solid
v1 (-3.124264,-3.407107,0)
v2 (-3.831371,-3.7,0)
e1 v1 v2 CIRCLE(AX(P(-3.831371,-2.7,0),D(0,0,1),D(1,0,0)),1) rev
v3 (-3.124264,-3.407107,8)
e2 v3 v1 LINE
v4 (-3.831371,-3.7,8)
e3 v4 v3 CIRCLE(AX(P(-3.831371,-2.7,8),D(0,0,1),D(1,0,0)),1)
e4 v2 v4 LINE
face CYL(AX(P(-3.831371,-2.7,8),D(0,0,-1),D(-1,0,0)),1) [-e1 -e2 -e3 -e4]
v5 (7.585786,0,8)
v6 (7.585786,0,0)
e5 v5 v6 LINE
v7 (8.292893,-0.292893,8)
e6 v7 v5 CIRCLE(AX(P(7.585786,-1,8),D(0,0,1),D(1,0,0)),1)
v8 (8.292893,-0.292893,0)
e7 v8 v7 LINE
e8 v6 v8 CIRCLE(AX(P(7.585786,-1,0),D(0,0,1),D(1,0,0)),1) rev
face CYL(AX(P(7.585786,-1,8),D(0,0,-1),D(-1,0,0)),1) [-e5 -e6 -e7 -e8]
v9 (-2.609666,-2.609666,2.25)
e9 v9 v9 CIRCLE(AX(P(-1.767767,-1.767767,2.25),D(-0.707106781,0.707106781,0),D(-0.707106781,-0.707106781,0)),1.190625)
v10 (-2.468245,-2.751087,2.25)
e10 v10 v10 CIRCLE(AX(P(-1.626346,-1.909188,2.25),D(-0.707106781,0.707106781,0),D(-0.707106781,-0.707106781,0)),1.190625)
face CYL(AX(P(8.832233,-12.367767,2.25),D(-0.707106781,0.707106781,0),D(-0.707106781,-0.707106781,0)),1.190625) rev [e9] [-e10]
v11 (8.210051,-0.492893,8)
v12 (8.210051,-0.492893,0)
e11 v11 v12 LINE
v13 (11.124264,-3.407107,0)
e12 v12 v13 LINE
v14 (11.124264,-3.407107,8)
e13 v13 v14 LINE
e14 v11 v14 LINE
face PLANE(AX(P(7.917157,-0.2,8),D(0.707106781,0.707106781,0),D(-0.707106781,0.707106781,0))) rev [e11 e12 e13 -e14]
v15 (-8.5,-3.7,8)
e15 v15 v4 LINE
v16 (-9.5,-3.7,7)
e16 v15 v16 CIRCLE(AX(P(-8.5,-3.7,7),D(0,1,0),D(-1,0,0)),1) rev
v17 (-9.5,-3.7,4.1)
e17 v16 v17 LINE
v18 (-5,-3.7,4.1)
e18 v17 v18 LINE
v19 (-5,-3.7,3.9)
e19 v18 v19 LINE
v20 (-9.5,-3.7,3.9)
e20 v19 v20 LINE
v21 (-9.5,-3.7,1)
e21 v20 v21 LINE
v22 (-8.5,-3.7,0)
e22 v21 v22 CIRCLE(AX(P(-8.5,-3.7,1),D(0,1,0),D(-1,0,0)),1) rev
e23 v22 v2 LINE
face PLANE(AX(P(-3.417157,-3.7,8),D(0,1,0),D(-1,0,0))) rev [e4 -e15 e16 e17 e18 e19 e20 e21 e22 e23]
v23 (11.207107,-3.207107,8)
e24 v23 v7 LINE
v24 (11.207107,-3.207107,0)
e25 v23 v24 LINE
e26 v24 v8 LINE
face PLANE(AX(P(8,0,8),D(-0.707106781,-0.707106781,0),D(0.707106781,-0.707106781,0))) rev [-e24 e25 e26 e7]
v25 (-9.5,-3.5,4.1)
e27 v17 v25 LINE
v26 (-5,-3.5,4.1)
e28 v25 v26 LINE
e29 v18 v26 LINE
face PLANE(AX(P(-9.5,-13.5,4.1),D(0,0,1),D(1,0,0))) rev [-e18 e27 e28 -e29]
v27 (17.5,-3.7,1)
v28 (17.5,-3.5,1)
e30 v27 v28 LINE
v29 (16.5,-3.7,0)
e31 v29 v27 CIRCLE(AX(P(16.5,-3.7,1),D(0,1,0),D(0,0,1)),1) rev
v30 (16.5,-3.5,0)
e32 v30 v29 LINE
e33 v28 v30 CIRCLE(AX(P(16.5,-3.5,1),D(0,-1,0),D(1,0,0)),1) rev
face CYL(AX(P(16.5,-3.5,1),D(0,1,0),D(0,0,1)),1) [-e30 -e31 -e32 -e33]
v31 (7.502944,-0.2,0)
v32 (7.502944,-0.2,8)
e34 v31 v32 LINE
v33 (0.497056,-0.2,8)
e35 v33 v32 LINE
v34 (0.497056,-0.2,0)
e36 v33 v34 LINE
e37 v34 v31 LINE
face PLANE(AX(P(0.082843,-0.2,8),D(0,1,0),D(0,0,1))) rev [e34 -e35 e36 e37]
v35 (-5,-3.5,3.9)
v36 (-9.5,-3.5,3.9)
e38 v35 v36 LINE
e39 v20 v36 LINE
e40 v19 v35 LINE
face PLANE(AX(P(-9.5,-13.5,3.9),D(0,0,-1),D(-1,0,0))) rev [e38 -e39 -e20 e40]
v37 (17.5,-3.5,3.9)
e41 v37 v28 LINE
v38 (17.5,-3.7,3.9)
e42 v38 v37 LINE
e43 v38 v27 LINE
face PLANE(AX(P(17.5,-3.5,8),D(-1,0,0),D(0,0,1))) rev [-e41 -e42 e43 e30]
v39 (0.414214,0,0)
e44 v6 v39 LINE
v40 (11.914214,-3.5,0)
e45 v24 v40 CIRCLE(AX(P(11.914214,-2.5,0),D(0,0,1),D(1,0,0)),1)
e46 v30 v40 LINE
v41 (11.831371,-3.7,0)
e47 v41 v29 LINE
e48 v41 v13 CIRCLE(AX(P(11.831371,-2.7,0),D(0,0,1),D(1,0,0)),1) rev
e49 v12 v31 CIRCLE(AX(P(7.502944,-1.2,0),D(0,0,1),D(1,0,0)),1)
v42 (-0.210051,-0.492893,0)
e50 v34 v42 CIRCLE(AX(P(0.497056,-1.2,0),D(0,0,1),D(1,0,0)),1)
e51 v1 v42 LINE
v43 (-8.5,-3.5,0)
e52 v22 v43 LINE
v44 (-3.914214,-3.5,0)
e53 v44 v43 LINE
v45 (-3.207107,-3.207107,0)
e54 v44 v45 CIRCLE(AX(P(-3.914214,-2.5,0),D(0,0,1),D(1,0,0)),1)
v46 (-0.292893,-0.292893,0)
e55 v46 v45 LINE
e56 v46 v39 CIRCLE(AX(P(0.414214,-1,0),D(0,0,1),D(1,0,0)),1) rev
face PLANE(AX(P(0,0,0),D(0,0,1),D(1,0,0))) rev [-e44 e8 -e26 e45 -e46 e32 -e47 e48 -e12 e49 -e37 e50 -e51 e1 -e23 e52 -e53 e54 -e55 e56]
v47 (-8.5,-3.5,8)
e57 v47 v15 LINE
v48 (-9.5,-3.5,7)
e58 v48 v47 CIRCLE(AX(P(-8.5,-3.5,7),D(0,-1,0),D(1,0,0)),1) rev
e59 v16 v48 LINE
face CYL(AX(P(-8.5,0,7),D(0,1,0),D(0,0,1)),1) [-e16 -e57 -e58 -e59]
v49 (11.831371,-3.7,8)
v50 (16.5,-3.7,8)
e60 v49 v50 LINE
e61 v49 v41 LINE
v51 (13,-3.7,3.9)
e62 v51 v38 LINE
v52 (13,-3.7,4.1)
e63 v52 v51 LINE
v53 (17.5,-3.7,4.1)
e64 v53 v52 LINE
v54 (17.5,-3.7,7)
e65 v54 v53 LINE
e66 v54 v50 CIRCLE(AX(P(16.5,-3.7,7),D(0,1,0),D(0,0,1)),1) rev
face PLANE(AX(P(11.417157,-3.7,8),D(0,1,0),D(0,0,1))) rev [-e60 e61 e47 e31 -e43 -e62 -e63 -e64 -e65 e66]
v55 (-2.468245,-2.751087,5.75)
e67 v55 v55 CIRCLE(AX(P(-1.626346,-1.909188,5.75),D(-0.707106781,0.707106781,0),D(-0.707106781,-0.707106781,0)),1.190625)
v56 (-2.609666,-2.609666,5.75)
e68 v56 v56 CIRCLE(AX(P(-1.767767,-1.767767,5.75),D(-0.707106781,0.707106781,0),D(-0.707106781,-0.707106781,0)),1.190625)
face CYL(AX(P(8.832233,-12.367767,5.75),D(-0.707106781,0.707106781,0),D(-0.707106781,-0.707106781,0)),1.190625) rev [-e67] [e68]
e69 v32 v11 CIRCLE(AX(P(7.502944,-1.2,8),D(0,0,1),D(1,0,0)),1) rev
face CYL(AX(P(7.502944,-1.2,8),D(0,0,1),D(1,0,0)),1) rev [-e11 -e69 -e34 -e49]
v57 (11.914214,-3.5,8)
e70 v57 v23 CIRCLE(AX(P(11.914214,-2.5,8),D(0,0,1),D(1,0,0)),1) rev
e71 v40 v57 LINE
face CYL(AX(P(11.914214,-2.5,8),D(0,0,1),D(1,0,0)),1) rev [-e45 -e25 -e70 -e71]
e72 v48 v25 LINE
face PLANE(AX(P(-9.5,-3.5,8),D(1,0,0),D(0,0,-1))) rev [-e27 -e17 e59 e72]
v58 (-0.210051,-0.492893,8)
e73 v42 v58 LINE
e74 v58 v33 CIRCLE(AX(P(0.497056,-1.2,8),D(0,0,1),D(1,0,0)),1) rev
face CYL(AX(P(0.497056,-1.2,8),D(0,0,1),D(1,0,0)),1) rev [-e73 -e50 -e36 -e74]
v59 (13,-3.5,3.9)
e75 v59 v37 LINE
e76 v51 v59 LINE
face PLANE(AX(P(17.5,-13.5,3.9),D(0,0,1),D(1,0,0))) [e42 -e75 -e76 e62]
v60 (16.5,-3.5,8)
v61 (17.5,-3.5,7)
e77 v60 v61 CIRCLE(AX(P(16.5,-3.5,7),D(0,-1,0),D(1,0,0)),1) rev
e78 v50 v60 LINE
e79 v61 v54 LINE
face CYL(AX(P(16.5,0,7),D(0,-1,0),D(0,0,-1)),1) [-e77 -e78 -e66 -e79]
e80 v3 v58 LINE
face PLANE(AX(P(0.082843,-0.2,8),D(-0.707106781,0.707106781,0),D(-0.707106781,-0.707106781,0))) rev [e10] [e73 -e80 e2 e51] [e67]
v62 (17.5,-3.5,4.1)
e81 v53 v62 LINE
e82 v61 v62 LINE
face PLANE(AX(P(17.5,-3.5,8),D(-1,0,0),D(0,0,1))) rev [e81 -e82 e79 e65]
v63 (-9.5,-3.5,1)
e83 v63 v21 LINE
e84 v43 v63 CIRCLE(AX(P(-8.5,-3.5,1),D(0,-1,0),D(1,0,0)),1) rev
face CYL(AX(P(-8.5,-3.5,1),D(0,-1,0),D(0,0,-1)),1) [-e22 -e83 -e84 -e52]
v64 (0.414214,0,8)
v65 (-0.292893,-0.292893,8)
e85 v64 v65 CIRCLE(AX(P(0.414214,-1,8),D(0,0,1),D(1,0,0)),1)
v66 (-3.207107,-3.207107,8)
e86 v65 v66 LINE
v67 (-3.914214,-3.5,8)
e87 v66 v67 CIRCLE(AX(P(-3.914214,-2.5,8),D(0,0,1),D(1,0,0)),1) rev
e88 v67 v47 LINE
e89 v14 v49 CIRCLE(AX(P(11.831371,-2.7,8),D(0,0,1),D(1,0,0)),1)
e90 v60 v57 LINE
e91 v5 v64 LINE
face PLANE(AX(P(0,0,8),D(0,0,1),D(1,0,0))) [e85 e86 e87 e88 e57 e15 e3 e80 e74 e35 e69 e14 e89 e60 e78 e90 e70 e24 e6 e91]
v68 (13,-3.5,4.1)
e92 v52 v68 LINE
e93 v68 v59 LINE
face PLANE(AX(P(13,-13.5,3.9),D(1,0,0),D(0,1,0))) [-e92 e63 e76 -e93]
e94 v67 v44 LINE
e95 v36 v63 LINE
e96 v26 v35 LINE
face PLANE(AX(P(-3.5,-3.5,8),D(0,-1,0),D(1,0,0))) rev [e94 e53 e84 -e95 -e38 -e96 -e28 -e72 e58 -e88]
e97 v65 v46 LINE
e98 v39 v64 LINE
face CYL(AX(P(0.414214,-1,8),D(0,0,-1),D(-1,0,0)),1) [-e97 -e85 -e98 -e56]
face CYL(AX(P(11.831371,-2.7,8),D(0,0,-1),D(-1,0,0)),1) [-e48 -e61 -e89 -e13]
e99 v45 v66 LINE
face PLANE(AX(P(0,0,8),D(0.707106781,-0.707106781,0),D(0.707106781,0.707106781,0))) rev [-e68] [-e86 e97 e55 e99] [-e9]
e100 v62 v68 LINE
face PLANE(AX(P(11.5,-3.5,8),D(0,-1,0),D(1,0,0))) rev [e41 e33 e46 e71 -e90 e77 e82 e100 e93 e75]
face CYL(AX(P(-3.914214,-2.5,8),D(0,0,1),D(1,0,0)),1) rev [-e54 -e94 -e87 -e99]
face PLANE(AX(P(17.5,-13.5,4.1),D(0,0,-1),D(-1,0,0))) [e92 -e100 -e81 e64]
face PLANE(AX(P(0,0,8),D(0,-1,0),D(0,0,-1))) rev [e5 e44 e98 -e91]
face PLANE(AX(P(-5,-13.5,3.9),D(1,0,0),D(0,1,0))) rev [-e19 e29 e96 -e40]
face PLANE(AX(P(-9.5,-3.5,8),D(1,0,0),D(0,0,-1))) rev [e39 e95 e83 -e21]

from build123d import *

# Parameters (mm, degrees)
BOSS_EXTRUDE1_DEPTH = 8
SKETCH2_R           = 1.190625
CUT_EXTRUDE1_DEPTH  = 15.990663761
FILLET1_R           = 1
FILLET2_R           = 1
SKETCH3_W           = 4.5
SKETCH3_H           = 0.2
CUT_EXTRUDE2_DEPTH  = 10


with BuildPart() as part:
    # Sketch1 → Boss-Extrude1 (new body)
    with BuildSketch(Plane.XY):
        Polygon((0, 0), (8, 0), (11.5, -3.5), (17.5, -3.5), (17.5, -3.7), (11.417157288, -3.7), (7.917157288, -0.2), (0.082842712, -0.2), (-3.417157288, -3.7), (-9.5, -3.7), (-9.5, -3.5), (-3.5, -3.5), align=None)
    extrude(amount=BOSS_EXTRUDE1_DEPTH)

    # Sketch2 → Cut-Extrude1 (cut, through all)
    with BuildSketch(Plane(origin=(0, 0, 0), x_dir=(0, 0, 1), z_dir=(-0.707106781, 0.707106781, 0))):
        with Locations((2.25, -2.5)):
            Circle(SKETCH2_R)
        with Locations((5.75, -2.5)):
            Circle(SKETCH2_R)
    extrude(amount=-CUT_EXTRUDE1_DEPTH, mode=Mode.SUBTRACT)

    # Fillet1
    fillet1_edges = [part.edges().sort_by_distance(p)[0] for p in [
        (0, 0, 4),
        (8, 0, 4),
        (11.5, -3.5, 4),
        (11.417157288, -3.7, 4),
        (7.917157288, -0.2, 4),
        (0.082842712, -0.2, 4),
        (-3.417157288, -3.7, 4),
        (-3.5, -3.5, 4),
    ]]
    fillet(fillet1_edges, radius=FILLET1_R)

    # Fillet2
    fillet2_edges = [part.edges().sort_by_distance(p)[0] for p in [
        (-9.5, -3.6, 8),
        (17.5, -3.6, 0),
        (-9.5, -3.6, 0),
        (17.5, -3.6, 8),
    ]]
    fillet(fillet2_edges, radius=FILLET2_R)

    # Sketch3 → Cut-Extrude2 (cut)
    with BuildSketch(Plane(origin=(0, -3.5, 0), x_dir=(1, 0, 0), z_dir=(0, 1, 0))):
        with Locations((-7.25, -4)):
            Rectangle(SKETCH3_W, SKETCH3_H)
    cut_extrude2 = extrude(amount=-CUT_EXTRUDE2_DEPTH, mode=Mode.SUBTRACT)

    # Mirror1: Cut-Extrude2 across plane
    add(cut_extrude2.mirror(Plane(origin=(4, 0, 0), x_dir=(0, 0, 1), z_dir=(1, 0, 0))), mode=Mode.SUBTRACT)


solid = part.part
